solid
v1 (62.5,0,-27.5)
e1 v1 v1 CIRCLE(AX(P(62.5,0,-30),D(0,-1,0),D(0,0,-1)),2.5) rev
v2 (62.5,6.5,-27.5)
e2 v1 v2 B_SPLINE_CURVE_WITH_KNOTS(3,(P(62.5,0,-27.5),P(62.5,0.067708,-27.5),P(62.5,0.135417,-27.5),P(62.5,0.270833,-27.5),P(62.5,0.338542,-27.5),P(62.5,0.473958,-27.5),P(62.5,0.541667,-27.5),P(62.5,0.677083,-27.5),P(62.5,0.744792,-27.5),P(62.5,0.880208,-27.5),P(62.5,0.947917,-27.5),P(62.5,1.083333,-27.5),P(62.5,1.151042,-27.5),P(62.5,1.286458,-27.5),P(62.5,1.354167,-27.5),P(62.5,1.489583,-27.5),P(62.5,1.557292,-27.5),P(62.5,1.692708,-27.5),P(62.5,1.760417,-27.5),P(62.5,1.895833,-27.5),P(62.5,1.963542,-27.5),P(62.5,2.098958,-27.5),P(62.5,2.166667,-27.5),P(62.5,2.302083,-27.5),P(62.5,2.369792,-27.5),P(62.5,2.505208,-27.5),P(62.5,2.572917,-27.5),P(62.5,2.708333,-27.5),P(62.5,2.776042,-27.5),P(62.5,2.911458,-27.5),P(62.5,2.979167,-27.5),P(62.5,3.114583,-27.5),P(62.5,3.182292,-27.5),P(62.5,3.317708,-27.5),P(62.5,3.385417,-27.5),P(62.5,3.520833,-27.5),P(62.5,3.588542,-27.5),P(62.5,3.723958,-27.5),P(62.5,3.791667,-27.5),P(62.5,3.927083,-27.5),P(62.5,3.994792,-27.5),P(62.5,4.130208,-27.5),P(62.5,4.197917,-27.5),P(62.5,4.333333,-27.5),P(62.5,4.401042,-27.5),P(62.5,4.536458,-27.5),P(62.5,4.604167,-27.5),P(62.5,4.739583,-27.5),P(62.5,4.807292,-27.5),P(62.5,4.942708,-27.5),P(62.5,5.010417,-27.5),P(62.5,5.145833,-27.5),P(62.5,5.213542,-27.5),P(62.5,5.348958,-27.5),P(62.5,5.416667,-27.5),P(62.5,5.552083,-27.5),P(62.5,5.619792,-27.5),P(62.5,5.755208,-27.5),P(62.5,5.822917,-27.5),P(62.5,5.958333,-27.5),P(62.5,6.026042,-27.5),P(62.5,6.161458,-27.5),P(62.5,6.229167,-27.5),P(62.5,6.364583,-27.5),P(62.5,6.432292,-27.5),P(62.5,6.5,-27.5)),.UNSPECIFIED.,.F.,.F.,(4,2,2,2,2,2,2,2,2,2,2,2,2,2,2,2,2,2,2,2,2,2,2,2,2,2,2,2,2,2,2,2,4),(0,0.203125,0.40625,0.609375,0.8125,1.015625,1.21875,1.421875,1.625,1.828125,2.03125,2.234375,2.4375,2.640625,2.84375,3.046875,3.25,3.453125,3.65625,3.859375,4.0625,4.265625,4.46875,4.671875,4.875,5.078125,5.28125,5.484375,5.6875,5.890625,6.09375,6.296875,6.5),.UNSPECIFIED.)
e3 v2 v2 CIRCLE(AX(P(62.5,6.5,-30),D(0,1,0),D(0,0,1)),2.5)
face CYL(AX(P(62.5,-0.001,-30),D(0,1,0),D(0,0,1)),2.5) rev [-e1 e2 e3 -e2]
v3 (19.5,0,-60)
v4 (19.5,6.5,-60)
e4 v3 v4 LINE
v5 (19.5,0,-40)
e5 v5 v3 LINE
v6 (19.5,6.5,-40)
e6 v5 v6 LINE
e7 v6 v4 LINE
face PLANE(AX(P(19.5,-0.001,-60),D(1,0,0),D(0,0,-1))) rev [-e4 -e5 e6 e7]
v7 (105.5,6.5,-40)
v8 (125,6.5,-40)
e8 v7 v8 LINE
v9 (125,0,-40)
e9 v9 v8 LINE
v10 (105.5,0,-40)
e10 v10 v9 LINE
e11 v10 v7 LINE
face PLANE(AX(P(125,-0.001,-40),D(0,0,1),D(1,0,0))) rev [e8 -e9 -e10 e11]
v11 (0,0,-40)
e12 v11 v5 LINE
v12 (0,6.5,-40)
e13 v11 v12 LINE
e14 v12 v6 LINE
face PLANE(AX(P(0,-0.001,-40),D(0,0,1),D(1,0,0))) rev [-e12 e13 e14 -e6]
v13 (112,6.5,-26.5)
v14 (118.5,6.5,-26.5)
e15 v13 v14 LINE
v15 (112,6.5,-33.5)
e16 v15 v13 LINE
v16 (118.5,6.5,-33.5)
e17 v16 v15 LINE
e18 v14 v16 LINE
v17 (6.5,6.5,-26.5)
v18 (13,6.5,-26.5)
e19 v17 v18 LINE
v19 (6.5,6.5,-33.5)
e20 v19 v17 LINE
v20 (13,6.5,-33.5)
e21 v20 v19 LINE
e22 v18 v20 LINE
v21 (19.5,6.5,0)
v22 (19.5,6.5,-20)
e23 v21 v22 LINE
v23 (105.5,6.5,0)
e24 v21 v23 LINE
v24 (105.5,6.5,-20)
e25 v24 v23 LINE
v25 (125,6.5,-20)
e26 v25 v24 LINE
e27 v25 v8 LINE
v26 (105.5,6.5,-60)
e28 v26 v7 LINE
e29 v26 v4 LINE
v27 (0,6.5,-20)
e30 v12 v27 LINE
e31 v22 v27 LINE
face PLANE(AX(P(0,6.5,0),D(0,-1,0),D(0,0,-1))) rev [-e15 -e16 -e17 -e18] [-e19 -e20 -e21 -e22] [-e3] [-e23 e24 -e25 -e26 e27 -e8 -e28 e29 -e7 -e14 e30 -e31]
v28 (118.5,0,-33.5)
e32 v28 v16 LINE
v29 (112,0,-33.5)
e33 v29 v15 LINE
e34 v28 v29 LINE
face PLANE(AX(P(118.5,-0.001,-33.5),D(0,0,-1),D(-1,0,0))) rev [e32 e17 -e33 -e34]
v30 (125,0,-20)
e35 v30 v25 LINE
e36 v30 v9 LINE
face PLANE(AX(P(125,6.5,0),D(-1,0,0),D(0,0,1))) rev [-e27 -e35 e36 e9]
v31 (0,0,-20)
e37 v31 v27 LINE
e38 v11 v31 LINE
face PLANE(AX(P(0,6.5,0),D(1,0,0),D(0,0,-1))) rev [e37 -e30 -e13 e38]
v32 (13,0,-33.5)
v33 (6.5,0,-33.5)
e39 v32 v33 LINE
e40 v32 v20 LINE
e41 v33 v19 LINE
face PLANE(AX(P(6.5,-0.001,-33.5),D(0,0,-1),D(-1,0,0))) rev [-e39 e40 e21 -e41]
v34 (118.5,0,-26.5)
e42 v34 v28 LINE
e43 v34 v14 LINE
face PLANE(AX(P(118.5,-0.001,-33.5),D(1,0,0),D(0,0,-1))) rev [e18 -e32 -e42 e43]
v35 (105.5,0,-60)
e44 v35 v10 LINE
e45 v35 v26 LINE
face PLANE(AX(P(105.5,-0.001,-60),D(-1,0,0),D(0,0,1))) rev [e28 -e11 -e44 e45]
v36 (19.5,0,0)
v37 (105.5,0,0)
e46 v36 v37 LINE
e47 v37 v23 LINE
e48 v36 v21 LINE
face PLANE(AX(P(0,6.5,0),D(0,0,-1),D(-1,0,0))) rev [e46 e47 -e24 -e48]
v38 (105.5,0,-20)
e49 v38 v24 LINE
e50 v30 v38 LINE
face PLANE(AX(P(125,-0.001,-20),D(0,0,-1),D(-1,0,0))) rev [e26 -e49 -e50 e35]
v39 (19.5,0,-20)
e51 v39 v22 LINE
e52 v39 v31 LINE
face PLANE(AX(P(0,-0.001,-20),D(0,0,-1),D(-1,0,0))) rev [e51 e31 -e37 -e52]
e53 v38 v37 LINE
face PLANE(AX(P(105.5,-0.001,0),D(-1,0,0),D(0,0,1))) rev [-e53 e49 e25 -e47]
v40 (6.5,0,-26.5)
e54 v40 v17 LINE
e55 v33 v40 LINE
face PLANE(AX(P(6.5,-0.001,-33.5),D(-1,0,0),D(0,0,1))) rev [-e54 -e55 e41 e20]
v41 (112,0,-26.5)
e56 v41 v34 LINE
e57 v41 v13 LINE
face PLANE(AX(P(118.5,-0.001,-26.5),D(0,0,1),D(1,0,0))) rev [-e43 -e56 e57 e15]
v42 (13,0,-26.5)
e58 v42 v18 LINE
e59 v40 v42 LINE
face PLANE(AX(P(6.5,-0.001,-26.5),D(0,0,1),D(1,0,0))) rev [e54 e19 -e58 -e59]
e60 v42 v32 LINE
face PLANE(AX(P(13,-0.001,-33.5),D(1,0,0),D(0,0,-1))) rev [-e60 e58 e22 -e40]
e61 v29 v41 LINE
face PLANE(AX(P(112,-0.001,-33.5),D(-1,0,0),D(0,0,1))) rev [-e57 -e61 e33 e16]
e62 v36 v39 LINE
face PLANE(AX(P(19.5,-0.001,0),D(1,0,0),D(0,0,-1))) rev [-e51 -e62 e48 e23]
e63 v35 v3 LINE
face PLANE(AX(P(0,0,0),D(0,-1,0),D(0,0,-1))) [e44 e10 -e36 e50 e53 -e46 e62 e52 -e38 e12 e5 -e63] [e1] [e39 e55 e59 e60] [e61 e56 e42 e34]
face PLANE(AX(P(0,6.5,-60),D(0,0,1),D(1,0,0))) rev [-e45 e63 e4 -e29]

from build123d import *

# Parameters (mm, degrees)
SKETCH1_W           = 125
SKETCH1_H           = 60
BOSS_EXTRUDE1_DEPTH = 6.5
CUT_EXTRUDE1_REACH  = 140.807
SKETCH2_W           = 19.5
SKETCH2_H           = 20
CUT_EXTRUDE2_REACH  = 140.807
SKETCH3_R           = 2.5
CUT_EXTRUDE3_REACH  = 140.807
SKETCH6_W           = 6.5
SKETCH6_H           = 7


with BuildPart() as part:
    # Sketch1 → Boss-Extrude1 (new body)
    with BuildSketch(Plane(origin=(0, 0, 0), x_dir=(1, 0, 0), z_dir=(0, 1, 0))):
        with Locations((62.5, 30)):
            Rectangle(SKETCH1_W, SKETCH1_H)
    extrude(amount=BOSS_EXTRUDE1_DEPTH)

    # Sketch2 → Cut-Extrude1 (cut, up to next)
    with BuildSketch(Plane(origin=(0, 6.5, 0), x_dir=(1, 0, 0), z_dir=(0, 1, 0)), mode=Mode.PRIVATE) as cut_extrude1_sk1:
        with Locations((9.75, 50)):
            Rectangle(SKETCH2_W, SKETCH2_H)
    cut_extrude1_tool1 = extrude(cut_extrude1_sk1.sketch, amount=-CUT_EXTRUDE1_REACH, mode=Mode.PRIVATE) & part.part
    # Sketch2 → Cut-Extrude1 (cut, up to next)
    with BuildSketch(Plane(origin=(0, 6.5, 0), x_dir=(1, 0, 0), z_dir=(0, 1, 0)), mode=Mode.PRIVATE) as cut_extrude1_sk2:
        with Locations((9.75, 10)):
            Rectangle(SKETCH2_W, SKETCH2_H)
    cut_extrude1_tool2 = extrude(cut_extrude1_sk2.sketch, amount=-CUT_EXTRUDE1_REACH, mode=Mode.PRIVATE) & part.part
    # Sketch2 → Cut-Extrude1 (cut, up to next)
    with BuildSketch(Plane(origin=(0, 6.5, 0), x_dir=(1, 0, 0), z_dir=(0, 1, 0)), mode=Mode.PRIVATE) as cut_extrude1_sk3:
        with Locations((115.25, 50)):
            Rectangle(SKETCH2_W, SKETCH2_H)
    cut_extrude1_tool3 = extrude(cut_extrude1_sk3.sketch, amount=-CUT_EXTRUDE1_REACH, mode=Mode.PRIVATE) & part.part
    # Sketch2 → Cut-Extrude1 (cut, up to next)
    with BuildSketch(Plane(origin=(0, 6.5, 0), x_dir=(1, 0, 0), z_dir=(0, 1, 0)), mode=Mode.PRIVATE) as cut_extrude1_sk4:
        with Locations((115.25, 10)):
            Rectangle(SKETCH2_W, SKETCH2_H)
    cut_extrude1_tool4 = extrude(cut_extrude1_sk4.sketch, amount=-CUT_EXTRUDE1_REACH, mode=Mode.PRIVATE) & part.part
    add(cut_extrude1_tool1.solids().sort_by_distance((9.75, 6.5, -50))[0], mode=Mode.SUBTRACT)
    add(cut_extrude1_tool2.solids().sort_by_distance((9.75, 6.5, -10))[0], mode=Mode.SUBTRACT)
    add(cut_extrude1_tool3.solids().sort_by_distance((115.25, 6.5, -50))[0], mode=Mode.SUBTRACT)
    add(cut_extrude1_tool4.solids().sort_by_distance((115.25, 6.5, -10))[0], mode=Mode.SUBTRACT)

    # Sketch3 → Cut-Extrude2 (cut, up to next)
    with BuildSketch(Plane(origin=(0, 6.5, 0), x_dir=(1, 0, 0), z_dir=(0, 1, 0)), mode=Mode.PRIVATE) as cut_extrude2_sk1:
        with Locations(Location((62.5, 30, 0), (0, 0, 270))):
            Circle(SKETCH3_R)
    cut_extrude2_tool1 = extrude(cut_extrude2_sk1.sketch, amount=-CUT_EXTRUDE2_REACH, mode=Mode.PRIVATE) & part.part
    add(cut_extrude2_tool1.solids().sort_by_distance((62.5, 6.5, -30))[0], mode=Mode.SUBTRACT)

    # Sketch6 → Cut-Extrude3 (cut, up to next)
    with BuildSketch(Plane(origin=(0, 6.5, 0), x_dir=(1, 0, 0), z_dir=(0, 1, 0)), mode=Mode.PRIVATE) as cut_extrude3_sk1:
        with Locations((9.75, 30)):
            Rectangle(SKETCH6_W, SKETCH6_H)
    cut_extrude3_tool1 = extrude(cut_extrude3_sk1.sketch, amount=-CUT_EXTRUDE3_REACH, mode=Mode.PRIVATE) & part.part
    # Sketch6 → Cut-Extrude3 (cut, up to next)
    with BuildSketch(Plane(origin=(0, 6.5, 0), x_dir=(1, 0, 0), z_dir=(0, 1, 0)), mode=Mode.PRIVATE) as cut_extrude3_sk2:
        with Locations((115.25, 30)):
            Rectangle(SKETCH6_W, SKETCH6_H)
    cut_extrude3_tool2 = extrude(cut_extrude3_sk2.sketch, amount=-CUT_EXTRUDE3_REACH, mode=Mode.PRIVATE) & part.part
    add(cut_extrude3_tool1.solids().sort_by_distance((9.75, 6.5, -30))[0], mode=Mode.SUBTRACT)
    add(cut_extrude3_tool2.solids().sort_by_distance((115.25, 6.5, -30))[0], mode=Mode.SUBTRACT)


solid = part.part
